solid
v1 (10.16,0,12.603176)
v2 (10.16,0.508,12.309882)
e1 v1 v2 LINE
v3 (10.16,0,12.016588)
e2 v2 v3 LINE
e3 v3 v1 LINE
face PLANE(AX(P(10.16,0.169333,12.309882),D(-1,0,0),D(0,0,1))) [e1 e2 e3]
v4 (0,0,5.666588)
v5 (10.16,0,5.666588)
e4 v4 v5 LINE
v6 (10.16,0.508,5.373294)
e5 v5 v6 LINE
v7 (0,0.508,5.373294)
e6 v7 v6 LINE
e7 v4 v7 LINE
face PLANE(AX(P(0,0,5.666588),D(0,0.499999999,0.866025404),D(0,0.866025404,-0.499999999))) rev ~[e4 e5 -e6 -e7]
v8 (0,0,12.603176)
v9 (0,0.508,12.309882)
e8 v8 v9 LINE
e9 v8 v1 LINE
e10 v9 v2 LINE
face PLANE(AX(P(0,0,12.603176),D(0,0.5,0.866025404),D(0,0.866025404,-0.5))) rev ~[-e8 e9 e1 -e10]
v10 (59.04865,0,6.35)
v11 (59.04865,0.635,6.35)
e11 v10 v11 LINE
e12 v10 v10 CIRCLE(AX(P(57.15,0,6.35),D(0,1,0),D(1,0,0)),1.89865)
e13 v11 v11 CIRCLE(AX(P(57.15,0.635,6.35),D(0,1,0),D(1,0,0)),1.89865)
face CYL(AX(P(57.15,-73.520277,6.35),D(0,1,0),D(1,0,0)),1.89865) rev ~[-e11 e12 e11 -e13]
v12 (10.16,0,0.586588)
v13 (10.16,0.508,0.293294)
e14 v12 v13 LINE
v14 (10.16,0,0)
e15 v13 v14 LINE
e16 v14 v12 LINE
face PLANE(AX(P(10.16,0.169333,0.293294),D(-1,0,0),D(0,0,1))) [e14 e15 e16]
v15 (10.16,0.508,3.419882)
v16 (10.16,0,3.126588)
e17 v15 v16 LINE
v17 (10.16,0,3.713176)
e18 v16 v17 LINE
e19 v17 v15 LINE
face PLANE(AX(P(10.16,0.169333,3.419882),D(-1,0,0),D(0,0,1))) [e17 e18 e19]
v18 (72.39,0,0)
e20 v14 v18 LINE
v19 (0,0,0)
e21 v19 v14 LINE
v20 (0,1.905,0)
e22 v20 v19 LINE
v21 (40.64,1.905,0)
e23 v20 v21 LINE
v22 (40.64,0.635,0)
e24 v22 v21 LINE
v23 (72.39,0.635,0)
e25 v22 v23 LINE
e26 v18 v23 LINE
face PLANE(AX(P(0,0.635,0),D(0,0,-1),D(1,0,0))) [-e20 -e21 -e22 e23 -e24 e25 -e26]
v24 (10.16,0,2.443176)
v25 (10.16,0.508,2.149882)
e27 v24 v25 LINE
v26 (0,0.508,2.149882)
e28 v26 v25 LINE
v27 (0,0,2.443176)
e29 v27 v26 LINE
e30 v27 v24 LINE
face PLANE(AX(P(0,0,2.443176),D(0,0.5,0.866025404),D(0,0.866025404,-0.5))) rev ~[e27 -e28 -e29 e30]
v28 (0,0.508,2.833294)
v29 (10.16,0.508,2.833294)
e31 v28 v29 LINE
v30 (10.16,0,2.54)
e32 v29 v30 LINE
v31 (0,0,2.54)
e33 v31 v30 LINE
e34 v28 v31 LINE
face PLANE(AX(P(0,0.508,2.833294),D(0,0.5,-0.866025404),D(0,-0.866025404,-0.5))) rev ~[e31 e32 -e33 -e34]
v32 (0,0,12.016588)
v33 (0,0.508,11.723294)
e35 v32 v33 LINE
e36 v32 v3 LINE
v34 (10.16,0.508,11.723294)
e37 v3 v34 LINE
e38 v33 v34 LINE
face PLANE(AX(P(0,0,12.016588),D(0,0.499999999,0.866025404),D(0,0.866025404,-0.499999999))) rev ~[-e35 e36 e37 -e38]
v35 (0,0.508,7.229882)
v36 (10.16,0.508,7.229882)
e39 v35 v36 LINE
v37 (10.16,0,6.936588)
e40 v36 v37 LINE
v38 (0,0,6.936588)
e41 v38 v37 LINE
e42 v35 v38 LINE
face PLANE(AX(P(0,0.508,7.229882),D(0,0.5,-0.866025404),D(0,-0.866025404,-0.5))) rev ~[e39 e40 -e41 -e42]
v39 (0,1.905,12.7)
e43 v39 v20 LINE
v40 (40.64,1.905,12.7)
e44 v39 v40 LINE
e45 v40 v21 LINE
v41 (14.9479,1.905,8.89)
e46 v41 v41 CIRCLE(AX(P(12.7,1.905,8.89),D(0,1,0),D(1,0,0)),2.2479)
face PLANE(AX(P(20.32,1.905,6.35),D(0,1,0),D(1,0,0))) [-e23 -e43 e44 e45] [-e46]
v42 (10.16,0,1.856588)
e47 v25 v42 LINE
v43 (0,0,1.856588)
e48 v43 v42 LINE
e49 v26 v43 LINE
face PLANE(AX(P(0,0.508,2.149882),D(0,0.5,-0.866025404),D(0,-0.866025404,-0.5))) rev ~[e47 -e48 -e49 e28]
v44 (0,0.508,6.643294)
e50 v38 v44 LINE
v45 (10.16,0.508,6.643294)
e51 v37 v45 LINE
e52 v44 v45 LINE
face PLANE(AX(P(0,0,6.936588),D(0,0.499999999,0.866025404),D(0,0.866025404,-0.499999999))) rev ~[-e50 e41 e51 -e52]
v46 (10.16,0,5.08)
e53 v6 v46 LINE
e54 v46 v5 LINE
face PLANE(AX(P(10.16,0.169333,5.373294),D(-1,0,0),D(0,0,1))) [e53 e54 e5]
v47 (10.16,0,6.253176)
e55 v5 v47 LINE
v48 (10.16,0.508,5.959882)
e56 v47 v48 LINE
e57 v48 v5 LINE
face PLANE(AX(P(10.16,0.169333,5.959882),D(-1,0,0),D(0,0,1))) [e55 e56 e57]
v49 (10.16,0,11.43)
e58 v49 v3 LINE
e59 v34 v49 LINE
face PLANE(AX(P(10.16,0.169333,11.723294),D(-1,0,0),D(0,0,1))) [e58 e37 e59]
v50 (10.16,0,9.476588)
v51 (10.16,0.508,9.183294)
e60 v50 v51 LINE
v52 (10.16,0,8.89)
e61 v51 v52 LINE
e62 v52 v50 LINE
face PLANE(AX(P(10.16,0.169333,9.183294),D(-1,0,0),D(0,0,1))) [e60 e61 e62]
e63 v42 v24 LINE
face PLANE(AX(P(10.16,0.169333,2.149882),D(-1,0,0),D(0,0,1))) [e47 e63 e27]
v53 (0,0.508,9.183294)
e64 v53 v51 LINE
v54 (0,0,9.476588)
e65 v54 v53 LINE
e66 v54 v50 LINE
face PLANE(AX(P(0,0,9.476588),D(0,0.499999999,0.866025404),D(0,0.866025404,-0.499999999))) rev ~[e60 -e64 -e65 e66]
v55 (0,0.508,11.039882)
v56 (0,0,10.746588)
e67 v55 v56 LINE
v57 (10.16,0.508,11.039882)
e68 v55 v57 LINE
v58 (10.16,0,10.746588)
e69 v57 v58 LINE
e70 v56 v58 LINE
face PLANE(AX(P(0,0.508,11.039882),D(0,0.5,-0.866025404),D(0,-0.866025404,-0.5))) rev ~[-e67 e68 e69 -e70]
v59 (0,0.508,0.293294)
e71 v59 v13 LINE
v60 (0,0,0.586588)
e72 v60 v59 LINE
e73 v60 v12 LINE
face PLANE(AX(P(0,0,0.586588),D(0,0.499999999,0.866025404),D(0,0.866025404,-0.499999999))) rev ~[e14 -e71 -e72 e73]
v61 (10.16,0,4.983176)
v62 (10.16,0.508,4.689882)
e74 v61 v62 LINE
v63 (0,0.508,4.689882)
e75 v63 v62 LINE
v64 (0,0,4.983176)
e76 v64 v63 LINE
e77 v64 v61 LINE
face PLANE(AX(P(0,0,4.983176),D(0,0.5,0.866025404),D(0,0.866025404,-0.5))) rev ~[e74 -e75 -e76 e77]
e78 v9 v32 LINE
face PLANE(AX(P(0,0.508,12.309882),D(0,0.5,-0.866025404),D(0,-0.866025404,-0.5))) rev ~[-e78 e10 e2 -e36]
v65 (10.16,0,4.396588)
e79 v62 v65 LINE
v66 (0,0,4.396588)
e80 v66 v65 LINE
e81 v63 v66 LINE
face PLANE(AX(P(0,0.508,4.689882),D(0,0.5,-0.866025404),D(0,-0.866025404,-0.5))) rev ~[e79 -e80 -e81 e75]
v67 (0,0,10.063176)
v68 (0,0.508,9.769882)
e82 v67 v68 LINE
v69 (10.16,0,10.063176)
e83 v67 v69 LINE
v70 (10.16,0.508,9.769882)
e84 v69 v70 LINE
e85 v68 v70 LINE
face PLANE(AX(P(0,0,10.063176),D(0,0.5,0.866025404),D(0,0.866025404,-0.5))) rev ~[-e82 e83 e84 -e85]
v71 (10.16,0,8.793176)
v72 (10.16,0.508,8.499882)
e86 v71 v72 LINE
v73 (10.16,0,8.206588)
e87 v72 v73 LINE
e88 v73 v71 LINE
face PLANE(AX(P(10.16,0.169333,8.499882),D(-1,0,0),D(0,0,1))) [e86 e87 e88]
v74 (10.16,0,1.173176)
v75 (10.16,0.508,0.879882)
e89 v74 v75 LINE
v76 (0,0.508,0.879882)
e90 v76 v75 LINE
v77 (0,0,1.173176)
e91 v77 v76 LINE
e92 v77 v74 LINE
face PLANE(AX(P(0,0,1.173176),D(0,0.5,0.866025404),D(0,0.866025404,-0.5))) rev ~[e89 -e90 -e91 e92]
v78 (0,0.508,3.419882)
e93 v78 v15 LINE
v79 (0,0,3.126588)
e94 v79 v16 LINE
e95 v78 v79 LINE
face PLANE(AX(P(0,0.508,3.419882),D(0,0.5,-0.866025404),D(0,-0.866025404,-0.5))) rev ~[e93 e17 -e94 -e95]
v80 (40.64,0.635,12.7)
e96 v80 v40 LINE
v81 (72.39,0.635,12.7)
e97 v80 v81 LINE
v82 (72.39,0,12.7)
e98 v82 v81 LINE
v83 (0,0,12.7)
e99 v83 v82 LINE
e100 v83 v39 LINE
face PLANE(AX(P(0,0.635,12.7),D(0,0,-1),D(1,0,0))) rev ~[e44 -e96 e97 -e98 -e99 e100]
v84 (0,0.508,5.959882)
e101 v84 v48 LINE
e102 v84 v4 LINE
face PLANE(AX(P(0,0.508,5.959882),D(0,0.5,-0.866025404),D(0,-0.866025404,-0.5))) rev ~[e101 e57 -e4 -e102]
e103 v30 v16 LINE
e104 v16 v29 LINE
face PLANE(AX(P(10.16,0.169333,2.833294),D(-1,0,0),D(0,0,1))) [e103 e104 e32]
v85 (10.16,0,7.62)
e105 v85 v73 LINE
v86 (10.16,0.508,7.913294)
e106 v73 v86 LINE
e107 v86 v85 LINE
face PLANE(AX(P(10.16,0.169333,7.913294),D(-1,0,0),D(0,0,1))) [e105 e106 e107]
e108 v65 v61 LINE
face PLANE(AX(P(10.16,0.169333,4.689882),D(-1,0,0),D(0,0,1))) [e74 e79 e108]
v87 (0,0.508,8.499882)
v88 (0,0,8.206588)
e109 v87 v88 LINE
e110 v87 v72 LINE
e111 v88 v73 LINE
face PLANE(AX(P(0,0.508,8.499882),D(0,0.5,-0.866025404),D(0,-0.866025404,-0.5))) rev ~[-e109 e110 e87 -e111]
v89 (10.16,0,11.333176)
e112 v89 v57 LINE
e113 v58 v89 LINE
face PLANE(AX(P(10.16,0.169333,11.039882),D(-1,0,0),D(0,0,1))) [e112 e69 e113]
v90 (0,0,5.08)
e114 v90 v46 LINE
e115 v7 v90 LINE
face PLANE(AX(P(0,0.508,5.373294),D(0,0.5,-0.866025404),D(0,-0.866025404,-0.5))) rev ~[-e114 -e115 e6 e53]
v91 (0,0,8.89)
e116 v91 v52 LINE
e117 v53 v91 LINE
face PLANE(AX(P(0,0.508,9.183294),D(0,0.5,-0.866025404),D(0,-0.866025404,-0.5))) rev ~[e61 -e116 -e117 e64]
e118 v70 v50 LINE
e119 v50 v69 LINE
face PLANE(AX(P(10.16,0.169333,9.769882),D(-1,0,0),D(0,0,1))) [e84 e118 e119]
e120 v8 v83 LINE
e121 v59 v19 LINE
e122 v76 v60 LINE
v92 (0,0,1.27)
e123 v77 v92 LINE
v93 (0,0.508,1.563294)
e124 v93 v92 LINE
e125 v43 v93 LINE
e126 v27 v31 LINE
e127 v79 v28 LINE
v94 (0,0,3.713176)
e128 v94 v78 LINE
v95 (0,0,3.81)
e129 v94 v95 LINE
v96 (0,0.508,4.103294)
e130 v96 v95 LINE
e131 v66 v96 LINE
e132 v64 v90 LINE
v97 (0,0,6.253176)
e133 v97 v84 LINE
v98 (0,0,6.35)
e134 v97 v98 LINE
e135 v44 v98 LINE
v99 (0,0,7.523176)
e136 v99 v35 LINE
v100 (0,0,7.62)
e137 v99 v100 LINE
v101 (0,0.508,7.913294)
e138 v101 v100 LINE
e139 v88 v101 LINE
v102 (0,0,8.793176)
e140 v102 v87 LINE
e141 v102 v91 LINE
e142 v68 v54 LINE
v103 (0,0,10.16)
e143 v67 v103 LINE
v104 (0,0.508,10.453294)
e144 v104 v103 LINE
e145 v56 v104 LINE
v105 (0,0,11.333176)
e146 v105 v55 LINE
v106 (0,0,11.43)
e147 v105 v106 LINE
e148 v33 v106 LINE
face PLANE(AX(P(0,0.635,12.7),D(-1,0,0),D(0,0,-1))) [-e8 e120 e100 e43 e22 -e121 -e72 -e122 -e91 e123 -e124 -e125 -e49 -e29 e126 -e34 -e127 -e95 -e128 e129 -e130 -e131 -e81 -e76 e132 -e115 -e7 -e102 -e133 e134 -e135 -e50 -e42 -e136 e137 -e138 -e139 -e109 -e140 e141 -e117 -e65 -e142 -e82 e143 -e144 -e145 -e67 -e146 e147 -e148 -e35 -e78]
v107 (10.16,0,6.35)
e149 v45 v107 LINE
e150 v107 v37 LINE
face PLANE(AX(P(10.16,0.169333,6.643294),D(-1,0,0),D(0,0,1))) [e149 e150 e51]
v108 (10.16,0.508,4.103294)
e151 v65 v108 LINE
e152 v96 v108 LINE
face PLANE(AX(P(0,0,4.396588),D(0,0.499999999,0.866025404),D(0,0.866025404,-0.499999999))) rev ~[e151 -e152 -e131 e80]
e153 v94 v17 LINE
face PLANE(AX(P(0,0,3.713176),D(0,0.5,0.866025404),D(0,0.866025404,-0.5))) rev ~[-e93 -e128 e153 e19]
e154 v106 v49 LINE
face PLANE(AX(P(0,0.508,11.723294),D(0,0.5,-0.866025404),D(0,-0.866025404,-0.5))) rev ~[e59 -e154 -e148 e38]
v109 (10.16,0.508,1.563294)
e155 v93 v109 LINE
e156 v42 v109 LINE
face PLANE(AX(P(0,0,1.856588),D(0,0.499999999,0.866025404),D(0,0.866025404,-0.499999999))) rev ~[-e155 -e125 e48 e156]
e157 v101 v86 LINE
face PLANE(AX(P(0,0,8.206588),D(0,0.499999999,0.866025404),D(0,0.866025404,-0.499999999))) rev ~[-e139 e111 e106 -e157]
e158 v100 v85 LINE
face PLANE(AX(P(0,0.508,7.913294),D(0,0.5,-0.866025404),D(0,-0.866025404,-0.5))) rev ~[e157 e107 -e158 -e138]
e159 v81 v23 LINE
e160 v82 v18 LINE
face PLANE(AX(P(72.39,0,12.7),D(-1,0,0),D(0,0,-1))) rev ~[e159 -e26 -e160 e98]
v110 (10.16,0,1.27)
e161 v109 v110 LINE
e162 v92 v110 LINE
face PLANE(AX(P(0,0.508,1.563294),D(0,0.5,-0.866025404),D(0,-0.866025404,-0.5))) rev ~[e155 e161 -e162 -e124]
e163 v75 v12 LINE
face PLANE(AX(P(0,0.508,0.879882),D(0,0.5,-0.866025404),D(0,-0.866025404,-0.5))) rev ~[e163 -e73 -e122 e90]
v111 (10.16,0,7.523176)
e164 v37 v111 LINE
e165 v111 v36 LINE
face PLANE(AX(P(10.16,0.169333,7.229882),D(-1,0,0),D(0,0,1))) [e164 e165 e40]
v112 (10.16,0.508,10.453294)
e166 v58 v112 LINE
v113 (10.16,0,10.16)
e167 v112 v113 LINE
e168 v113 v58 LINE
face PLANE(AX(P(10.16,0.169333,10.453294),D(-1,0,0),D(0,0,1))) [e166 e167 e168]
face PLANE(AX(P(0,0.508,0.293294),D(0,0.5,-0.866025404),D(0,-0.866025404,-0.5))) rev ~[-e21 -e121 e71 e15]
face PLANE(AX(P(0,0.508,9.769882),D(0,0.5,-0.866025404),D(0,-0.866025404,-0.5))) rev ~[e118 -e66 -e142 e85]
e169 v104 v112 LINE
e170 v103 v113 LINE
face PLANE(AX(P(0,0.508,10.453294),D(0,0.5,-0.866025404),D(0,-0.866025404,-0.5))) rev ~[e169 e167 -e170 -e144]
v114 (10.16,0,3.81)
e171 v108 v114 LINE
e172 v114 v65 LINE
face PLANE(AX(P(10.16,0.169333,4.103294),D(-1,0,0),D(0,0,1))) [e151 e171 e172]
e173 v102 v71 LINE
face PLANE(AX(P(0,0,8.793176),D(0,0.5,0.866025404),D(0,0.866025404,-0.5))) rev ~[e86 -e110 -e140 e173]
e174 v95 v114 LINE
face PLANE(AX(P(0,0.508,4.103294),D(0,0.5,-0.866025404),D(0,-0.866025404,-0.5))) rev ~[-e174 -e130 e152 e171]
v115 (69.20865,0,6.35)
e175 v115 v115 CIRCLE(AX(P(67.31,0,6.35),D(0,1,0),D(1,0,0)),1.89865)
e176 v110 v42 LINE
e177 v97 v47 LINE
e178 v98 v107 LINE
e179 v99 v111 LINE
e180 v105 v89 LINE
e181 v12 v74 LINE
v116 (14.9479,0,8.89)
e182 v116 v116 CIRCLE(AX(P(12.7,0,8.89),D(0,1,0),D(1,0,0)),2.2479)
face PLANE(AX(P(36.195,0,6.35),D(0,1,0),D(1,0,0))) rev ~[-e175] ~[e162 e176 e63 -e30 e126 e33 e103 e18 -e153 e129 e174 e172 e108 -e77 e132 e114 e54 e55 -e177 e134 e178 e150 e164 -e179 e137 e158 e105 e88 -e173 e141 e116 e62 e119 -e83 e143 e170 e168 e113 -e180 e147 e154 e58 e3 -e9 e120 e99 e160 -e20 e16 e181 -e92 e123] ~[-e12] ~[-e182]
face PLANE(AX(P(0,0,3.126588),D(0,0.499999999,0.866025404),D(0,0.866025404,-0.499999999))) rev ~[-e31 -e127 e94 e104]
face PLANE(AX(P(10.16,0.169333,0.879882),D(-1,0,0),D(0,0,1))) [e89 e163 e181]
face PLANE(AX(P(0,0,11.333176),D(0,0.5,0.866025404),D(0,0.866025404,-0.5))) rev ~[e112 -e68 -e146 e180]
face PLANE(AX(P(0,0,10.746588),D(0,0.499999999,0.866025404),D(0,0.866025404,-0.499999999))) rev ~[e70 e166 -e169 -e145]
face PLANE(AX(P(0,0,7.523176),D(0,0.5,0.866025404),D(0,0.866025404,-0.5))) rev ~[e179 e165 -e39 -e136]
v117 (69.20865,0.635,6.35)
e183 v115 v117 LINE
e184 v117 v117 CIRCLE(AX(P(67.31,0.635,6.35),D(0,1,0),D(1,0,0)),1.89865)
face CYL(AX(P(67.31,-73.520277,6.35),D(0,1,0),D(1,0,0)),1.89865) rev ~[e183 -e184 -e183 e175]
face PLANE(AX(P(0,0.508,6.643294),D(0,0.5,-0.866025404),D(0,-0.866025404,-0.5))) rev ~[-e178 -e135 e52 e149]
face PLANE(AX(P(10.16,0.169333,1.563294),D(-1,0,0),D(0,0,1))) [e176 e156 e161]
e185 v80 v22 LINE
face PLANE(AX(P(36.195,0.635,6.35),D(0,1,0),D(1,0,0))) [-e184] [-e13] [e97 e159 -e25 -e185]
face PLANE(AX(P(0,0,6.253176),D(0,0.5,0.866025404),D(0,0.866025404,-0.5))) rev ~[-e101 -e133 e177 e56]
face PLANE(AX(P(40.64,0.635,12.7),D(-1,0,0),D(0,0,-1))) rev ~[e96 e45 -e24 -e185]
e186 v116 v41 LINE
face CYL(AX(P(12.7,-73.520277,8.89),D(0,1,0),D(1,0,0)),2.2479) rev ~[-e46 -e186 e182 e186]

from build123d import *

# Parameters (mm, degrees)
SKETCH1_W               = 72.39
SKETCH1_H               = 12.7
BOSS_EXTRUDE1_DEPTH     = 0.635
SKETCH2_W               = 40.64
SKETCH2_H               = 12.7
BOSS_EXTRUDE2_DEPTH     = 1.27
F_6_CLEARANCE_HOLE1_D   = 3.7973
F_8_CLEARANCE_HOLE1_D   = 4.4958
CUT_EXTRUDE6_DEPTH      = 1
CUT_EXTRUDE6_DEPTH_BACK = 10.16


with BuildPart() as part:
    # Sketch1 → Boss-Extrude1 (new body)
    with BuildSketch(Plane(origin=(0, 0, 0), x_dir=(1, 0, 0), z_dir=(0, 1, 0))):
        with Locations((36.195, -6.35)):
            Rectangle(SKETCH1_W, SKETCH1_H)
    extrude(amount=BOSS_EXTRUDE1_DEPTH)

    # Sketch2 → Boss-Extrude2 (add)
    with BuildSketch(Plane(origin=(0, 0.635, 0), x_dir=(1, 0, 0), z_dir=(0, 1, 0))):
        with Locations((20.32, -6.35)):
            Rectangle(SKETCH2_W, SKETCH2_H)
    extrude(amount=BOSS_EXTRUDE2_DEPTH)

    # #6 Clearance Hole1 (through all)
    with Locations(Plane(origin=(0, 0, 0), x_dir=(-1, 0, 0), z_dir=(0, -1, 0))):
        with Locations((-67.31, -6.35), (-57.15, -6.35)):
            Hole(F_6_CLEARANCE_HOLE1_D / 2)

    # #8 Clearance Hole1 (through all)
    with Locations(Plane(origin=(0, 0, 0), x_dir=(-1, 0, 0), z_dir=(0, -1, 0))):
        with Locations((-12.7, -8.89)):
            Hole(F_8_CLEARANCE_HOLE1_D / 2)

    # Sketch9 → Cut-Extrude6 (cut, two sides)
    with BuildSketch(Plane.ZY) as cut_extrude6_sk:
        Polygon((1.563293937, 0.508), (1.27, 0), (1.856587873, 0), align=None)
        Polygon((2.14988181, 0.508), (1.856587873, 0), (2.443175747, 0), align=None)
        Polygon((0.87988181, 0.508), (0.586587873, 0), (1.173175747, 0), align=None)
        Polygon((0.293293937, 0.508), (0, 0), (0.586587873, 0), align=None)
        Polygon((2.833293937, 0.508), (2.54, 0), (3.126587873, 0), align=None)
        Polygon((3.41988181, 0.508), (3.126587873, 0), (3.713175747, 0), align=None)
        Polygon((4.103293937, 0.508), (3.81, 0), (4.396587873, 0), align=None)
        Polygon((4.68988181, 0.508), (4.396587873, 0), (4.983175747, 0), align=None)
        Polygon((5.373293937, 0.508), (5.08, 0), (5.666587873, 0), align=None)
        Polygon((5.95988181, 0.508), (5.666587873, 0), (6.253175747, 0), align=None)
        Polygon((6.643293937, 0.508), (6.35, 0), (6.936587873, 0), align=None)
        Polygon((7.22988181, 0.508), (6.936587873, 0), (7.523175747, 0), align=None)
        Polygon((7.913293937, 0.508), (7.62, 0), (8.206587873, 0), align=None)
        Polygon((8.49988181, 0.508), (8.206587873, 0), (8.793175747, 0), align=None)
        Polygon((9.183293937, 0.508), (8.89, 0), (9.476587873, 0), align=None)
        Polygon((9.76988181, 0.508), (9.476587873, 0), (10.063175747, 0), align=None)
        Polygon((10.453293937, 0.508), (10.16, 0), (10.746587873, 0), align=None)
        Polygon((11.03988181, 0.508), (10.746587873, 0), (11.333175747, 0), align=None)
        Polygon((11.723293937, 0.508), (11.43, 0), (12.016587873, 0), align=None)
        Polygon((12.30988181, 0.508), (12.016587873, 0), (12.603175747, 0), align=None)
    extrude(amount=CUT_EXTRUDE6_DEPTH, mode=Mode.SUBTRACT)
    extrude(cut_extrude6_sk.sketch, amount=-CUT_EXTRUDE6_DEPTH_BACK, mode=Mode.SUBTRACT)


solid = part.part
